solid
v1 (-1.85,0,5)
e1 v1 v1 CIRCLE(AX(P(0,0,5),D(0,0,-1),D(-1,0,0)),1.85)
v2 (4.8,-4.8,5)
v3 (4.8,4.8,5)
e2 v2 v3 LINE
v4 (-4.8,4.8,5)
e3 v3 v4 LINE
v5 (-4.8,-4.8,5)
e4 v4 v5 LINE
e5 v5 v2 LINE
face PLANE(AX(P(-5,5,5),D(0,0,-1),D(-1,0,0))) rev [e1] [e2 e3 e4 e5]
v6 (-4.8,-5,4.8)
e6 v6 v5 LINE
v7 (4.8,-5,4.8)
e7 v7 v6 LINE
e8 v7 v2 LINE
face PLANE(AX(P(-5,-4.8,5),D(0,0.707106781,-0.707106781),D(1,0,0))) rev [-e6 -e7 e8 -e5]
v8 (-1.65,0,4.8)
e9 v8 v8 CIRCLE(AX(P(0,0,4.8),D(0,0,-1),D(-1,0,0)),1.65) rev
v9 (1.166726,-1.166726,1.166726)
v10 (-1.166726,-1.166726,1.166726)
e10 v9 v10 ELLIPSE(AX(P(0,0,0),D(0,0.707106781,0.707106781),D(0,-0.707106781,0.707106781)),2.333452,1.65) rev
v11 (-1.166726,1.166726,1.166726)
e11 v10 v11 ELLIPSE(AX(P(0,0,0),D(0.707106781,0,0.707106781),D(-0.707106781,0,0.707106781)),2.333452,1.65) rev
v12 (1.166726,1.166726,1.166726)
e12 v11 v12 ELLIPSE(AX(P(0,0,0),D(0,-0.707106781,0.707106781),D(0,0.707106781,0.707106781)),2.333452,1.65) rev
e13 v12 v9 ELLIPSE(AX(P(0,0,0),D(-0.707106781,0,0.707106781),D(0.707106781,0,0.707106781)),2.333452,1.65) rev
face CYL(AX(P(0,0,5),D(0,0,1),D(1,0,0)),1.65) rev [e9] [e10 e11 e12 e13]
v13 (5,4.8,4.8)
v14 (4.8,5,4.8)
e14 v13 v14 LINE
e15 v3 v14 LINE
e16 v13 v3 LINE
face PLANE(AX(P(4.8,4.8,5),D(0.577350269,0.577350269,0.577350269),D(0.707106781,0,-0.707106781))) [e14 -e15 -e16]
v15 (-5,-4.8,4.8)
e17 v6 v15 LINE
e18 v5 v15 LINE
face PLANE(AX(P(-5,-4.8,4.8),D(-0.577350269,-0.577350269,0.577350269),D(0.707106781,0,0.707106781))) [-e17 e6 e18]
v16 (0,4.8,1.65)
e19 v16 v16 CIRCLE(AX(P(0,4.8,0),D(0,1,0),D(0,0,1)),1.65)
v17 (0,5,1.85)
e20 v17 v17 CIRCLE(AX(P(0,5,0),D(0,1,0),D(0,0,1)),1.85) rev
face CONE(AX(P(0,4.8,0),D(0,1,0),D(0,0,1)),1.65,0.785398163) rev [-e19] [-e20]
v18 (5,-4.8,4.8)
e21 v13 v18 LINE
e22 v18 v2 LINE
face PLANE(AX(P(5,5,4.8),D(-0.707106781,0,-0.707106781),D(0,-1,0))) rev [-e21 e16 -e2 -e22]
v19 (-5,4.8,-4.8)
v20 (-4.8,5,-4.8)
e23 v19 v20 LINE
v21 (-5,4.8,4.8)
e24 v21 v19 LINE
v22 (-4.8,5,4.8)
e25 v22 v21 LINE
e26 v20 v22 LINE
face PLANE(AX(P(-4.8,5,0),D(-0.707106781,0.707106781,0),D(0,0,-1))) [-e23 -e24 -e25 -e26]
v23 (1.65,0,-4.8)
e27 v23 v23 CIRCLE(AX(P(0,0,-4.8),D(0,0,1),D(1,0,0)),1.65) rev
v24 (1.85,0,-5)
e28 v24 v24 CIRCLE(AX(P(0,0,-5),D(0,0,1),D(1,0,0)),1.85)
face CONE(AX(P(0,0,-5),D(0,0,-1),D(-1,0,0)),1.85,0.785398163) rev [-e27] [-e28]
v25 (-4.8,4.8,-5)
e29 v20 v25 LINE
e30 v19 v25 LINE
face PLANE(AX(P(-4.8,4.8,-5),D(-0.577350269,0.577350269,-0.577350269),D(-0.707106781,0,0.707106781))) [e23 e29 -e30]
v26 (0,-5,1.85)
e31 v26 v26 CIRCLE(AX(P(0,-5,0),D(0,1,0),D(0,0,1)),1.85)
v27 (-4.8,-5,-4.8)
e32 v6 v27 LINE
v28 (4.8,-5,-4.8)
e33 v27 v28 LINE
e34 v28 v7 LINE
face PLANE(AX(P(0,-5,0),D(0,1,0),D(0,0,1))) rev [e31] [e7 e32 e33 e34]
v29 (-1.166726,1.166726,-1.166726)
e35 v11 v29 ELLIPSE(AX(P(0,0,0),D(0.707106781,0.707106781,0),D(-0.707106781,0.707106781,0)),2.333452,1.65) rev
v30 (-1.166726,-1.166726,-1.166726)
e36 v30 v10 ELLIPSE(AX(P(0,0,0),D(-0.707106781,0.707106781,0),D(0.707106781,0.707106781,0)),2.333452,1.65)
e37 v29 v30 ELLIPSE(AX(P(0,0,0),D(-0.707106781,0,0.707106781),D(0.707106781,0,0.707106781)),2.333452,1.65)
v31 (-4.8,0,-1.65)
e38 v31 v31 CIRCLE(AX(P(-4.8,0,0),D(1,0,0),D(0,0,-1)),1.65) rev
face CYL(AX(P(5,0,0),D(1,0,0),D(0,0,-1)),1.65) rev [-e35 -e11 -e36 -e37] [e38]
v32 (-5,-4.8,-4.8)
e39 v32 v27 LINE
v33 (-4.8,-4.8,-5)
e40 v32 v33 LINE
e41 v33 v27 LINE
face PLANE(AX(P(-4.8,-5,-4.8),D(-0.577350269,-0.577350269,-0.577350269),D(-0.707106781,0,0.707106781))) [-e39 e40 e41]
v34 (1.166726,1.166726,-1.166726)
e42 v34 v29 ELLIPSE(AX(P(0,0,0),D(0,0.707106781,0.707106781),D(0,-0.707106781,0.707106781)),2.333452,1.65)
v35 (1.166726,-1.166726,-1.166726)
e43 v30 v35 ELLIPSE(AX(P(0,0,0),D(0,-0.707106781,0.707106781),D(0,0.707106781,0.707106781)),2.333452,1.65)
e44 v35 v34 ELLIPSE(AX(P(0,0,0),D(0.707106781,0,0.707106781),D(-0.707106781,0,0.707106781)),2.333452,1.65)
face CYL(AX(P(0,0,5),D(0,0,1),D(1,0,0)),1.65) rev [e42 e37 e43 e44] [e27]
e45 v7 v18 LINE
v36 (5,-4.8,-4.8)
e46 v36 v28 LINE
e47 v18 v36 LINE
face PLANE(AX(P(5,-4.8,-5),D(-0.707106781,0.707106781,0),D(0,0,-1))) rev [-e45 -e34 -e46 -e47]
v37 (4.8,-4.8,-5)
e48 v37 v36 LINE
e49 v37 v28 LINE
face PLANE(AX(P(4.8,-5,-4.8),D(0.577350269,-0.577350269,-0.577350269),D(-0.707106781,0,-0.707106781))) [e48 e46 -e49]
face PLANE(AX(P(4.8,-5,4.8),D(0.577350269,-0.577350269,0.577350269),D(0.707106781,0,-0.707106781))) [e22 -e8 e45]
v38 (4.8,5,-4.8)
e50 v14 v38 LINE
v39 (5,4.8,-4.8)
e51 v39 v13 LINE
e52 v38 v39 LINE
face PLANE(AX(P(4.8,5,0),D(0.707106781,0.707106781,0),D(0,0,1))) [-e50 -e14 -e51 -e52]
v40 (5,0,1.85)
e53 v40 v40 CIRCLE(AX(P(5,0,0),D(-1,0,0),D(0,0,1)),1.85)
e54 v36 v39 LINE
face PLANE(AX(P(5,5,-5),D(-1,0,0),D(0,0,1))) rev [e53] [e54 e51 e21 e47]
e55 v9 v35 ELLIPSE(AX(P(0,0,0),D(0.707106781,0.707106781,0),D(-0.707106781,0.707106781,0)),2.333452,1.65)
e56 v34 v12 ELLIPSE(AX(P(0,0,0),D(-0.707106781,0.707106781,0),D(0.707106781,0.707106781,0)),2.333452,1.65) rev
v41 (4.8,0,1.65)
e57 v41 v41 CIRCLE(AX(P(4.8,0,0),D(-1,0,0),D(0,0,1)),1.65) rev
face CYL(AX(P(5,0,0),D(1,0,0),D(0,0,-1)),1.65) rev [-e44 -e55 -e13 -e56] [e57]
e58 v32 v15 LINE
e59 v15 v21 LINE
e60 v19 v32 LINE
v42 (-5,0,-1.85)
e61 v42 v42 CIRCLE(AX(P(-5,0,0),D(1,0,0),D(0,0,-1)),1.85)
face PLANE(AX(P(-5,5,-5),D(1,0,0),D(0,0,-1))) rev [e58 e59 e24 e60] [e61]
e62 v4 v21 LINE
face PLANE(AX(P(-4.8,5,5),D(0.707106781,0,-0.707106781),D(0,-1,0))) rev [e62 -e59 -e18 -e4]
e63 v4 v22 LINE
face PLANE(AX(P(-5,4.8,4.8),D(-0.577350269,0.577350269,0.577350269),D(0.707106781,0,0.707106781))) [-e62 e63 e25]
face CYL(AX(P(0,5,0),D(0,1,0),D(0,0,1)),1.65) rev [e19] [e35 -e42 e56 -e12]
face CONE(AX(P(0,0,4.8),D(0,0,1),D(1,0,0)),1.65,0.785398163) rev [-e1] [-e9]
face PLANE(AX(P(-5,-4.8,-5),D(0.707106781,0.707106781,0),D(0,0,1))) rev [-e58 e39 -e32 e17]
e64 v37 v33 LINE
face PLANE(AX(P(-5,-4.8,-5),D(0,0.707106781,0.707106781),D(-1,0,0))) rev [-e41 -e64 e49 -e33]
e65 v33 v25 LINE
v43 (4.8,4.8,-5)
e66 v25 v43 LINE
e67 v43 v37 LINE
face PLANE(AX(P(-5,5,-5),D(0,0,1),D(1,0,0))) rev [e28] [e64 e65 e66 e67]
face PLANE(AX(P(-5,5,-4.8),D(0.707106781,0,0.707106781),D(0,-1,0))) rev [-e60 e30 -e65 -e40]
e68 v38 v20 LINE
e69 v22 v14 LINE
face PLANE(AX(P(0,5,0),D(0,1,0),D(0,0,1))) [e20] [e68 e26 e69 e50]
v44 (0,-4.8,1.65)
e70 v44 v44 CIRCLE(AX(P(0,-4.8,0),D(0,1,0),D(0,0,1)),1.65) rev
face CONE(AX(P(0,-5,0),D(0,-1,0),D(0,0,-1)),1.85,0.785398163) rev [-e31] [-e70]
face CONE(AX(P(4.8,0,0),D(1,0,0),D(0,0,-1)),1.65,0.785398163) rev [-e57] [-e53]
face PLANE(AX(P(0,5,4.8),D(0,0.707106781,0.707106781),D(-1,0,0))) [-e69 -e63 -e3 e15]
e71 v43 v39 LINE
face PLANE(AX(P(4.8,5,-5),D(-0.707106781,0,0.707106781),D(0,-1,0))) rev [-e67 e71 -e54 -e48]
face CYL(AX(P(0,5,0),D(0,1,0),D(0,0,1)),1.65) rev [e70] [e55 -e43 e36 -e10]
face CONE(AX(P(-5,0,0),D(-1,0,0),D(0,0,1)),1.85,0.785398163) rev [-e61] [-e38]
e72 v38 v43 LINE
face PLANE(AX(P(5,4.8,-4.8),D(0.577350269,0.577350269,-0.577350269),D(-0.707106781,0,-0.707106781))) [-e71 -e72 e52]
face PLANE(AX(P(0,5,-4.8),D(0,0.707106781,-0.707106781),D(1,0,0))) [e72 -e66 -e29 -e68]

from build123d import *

# Parameters (mm, degrees)
SKETCH_1_W         = 10
SKETCH_1_H         = 10
EXTRUDE_1_DEPTH    = 5
HOLE_WIZARD_M4_1_D = 3.3
HOLE_WIZARD_M4_2_D = 3.3
HOLE_WIZARD_M4_3_D = 3.3
CHAMFER_1_SIZE     = 0.2


with BuildPart() as part:
    # 草图1 → 凸台-拉伸1 (new, symmetric)
    with BuildSketch(Plane(origin=(0, 0, 0), x_dir=(1, 0, 0), z_dir=(0, 1, 0))):
        Rectangle(SKETCH_1_W, SKETCH_1_H)
    extrude(amount=EXTRUDE_1_DEPTH, both=True)

    # M4 螺纹孔1 (through all)
    with Locations(Plane.XY.offset(5)):
        with Locations((0, 0)):
            Hole(HOLE_WIZARD_M4_1_D / 2)

    # M4 螺纹孔2 (through all)
    with Locations(Plane(origin=(0, 5, 0), x_dir=(1, 0, 0), z_dir=(0, 1, 0))):
        with Locations((0, 0)):
            Hole(HOLE_WIZARD_M4_2_D / 2)

    # M4 螺纹孔3 (through all)
    with Locations(Plane(origin=(5, 0, 0), x_dir=(0, 0, -1), z_dir=(1, 0, 0))):
        with Locations((0, 0)):
            Hole(HOLE_WIZARD_M4_3_D / 2)

    # 倒角1
    chamfer_1_edges = [part.edges().sort_by_distance(p)[0] for p in [
        (-5, 5, 0),
        (1.65, 0, 5),
        (1.65, 0, -5),
        (0, 5, 5),
        (1.65, -5, 0),
        (1.65, 5, 0),
        (-5, 0, -1.65),
        (5, 0, -1.65),
        (5, 5, 0),
        (0, -5, 5),
        (-5, -5, 0),
        (0, -5, -5),
        (5, -5, 0),
        (5, 0, 5),
        (-5, 0, 5),
        (-5, 0, -5),
        (5, 0, -5),
        (0, 5, -5),
    ]]
    chamfer(chamfer_1_edges, length=CHAMFER_1_SIZE)


solid = part.part
